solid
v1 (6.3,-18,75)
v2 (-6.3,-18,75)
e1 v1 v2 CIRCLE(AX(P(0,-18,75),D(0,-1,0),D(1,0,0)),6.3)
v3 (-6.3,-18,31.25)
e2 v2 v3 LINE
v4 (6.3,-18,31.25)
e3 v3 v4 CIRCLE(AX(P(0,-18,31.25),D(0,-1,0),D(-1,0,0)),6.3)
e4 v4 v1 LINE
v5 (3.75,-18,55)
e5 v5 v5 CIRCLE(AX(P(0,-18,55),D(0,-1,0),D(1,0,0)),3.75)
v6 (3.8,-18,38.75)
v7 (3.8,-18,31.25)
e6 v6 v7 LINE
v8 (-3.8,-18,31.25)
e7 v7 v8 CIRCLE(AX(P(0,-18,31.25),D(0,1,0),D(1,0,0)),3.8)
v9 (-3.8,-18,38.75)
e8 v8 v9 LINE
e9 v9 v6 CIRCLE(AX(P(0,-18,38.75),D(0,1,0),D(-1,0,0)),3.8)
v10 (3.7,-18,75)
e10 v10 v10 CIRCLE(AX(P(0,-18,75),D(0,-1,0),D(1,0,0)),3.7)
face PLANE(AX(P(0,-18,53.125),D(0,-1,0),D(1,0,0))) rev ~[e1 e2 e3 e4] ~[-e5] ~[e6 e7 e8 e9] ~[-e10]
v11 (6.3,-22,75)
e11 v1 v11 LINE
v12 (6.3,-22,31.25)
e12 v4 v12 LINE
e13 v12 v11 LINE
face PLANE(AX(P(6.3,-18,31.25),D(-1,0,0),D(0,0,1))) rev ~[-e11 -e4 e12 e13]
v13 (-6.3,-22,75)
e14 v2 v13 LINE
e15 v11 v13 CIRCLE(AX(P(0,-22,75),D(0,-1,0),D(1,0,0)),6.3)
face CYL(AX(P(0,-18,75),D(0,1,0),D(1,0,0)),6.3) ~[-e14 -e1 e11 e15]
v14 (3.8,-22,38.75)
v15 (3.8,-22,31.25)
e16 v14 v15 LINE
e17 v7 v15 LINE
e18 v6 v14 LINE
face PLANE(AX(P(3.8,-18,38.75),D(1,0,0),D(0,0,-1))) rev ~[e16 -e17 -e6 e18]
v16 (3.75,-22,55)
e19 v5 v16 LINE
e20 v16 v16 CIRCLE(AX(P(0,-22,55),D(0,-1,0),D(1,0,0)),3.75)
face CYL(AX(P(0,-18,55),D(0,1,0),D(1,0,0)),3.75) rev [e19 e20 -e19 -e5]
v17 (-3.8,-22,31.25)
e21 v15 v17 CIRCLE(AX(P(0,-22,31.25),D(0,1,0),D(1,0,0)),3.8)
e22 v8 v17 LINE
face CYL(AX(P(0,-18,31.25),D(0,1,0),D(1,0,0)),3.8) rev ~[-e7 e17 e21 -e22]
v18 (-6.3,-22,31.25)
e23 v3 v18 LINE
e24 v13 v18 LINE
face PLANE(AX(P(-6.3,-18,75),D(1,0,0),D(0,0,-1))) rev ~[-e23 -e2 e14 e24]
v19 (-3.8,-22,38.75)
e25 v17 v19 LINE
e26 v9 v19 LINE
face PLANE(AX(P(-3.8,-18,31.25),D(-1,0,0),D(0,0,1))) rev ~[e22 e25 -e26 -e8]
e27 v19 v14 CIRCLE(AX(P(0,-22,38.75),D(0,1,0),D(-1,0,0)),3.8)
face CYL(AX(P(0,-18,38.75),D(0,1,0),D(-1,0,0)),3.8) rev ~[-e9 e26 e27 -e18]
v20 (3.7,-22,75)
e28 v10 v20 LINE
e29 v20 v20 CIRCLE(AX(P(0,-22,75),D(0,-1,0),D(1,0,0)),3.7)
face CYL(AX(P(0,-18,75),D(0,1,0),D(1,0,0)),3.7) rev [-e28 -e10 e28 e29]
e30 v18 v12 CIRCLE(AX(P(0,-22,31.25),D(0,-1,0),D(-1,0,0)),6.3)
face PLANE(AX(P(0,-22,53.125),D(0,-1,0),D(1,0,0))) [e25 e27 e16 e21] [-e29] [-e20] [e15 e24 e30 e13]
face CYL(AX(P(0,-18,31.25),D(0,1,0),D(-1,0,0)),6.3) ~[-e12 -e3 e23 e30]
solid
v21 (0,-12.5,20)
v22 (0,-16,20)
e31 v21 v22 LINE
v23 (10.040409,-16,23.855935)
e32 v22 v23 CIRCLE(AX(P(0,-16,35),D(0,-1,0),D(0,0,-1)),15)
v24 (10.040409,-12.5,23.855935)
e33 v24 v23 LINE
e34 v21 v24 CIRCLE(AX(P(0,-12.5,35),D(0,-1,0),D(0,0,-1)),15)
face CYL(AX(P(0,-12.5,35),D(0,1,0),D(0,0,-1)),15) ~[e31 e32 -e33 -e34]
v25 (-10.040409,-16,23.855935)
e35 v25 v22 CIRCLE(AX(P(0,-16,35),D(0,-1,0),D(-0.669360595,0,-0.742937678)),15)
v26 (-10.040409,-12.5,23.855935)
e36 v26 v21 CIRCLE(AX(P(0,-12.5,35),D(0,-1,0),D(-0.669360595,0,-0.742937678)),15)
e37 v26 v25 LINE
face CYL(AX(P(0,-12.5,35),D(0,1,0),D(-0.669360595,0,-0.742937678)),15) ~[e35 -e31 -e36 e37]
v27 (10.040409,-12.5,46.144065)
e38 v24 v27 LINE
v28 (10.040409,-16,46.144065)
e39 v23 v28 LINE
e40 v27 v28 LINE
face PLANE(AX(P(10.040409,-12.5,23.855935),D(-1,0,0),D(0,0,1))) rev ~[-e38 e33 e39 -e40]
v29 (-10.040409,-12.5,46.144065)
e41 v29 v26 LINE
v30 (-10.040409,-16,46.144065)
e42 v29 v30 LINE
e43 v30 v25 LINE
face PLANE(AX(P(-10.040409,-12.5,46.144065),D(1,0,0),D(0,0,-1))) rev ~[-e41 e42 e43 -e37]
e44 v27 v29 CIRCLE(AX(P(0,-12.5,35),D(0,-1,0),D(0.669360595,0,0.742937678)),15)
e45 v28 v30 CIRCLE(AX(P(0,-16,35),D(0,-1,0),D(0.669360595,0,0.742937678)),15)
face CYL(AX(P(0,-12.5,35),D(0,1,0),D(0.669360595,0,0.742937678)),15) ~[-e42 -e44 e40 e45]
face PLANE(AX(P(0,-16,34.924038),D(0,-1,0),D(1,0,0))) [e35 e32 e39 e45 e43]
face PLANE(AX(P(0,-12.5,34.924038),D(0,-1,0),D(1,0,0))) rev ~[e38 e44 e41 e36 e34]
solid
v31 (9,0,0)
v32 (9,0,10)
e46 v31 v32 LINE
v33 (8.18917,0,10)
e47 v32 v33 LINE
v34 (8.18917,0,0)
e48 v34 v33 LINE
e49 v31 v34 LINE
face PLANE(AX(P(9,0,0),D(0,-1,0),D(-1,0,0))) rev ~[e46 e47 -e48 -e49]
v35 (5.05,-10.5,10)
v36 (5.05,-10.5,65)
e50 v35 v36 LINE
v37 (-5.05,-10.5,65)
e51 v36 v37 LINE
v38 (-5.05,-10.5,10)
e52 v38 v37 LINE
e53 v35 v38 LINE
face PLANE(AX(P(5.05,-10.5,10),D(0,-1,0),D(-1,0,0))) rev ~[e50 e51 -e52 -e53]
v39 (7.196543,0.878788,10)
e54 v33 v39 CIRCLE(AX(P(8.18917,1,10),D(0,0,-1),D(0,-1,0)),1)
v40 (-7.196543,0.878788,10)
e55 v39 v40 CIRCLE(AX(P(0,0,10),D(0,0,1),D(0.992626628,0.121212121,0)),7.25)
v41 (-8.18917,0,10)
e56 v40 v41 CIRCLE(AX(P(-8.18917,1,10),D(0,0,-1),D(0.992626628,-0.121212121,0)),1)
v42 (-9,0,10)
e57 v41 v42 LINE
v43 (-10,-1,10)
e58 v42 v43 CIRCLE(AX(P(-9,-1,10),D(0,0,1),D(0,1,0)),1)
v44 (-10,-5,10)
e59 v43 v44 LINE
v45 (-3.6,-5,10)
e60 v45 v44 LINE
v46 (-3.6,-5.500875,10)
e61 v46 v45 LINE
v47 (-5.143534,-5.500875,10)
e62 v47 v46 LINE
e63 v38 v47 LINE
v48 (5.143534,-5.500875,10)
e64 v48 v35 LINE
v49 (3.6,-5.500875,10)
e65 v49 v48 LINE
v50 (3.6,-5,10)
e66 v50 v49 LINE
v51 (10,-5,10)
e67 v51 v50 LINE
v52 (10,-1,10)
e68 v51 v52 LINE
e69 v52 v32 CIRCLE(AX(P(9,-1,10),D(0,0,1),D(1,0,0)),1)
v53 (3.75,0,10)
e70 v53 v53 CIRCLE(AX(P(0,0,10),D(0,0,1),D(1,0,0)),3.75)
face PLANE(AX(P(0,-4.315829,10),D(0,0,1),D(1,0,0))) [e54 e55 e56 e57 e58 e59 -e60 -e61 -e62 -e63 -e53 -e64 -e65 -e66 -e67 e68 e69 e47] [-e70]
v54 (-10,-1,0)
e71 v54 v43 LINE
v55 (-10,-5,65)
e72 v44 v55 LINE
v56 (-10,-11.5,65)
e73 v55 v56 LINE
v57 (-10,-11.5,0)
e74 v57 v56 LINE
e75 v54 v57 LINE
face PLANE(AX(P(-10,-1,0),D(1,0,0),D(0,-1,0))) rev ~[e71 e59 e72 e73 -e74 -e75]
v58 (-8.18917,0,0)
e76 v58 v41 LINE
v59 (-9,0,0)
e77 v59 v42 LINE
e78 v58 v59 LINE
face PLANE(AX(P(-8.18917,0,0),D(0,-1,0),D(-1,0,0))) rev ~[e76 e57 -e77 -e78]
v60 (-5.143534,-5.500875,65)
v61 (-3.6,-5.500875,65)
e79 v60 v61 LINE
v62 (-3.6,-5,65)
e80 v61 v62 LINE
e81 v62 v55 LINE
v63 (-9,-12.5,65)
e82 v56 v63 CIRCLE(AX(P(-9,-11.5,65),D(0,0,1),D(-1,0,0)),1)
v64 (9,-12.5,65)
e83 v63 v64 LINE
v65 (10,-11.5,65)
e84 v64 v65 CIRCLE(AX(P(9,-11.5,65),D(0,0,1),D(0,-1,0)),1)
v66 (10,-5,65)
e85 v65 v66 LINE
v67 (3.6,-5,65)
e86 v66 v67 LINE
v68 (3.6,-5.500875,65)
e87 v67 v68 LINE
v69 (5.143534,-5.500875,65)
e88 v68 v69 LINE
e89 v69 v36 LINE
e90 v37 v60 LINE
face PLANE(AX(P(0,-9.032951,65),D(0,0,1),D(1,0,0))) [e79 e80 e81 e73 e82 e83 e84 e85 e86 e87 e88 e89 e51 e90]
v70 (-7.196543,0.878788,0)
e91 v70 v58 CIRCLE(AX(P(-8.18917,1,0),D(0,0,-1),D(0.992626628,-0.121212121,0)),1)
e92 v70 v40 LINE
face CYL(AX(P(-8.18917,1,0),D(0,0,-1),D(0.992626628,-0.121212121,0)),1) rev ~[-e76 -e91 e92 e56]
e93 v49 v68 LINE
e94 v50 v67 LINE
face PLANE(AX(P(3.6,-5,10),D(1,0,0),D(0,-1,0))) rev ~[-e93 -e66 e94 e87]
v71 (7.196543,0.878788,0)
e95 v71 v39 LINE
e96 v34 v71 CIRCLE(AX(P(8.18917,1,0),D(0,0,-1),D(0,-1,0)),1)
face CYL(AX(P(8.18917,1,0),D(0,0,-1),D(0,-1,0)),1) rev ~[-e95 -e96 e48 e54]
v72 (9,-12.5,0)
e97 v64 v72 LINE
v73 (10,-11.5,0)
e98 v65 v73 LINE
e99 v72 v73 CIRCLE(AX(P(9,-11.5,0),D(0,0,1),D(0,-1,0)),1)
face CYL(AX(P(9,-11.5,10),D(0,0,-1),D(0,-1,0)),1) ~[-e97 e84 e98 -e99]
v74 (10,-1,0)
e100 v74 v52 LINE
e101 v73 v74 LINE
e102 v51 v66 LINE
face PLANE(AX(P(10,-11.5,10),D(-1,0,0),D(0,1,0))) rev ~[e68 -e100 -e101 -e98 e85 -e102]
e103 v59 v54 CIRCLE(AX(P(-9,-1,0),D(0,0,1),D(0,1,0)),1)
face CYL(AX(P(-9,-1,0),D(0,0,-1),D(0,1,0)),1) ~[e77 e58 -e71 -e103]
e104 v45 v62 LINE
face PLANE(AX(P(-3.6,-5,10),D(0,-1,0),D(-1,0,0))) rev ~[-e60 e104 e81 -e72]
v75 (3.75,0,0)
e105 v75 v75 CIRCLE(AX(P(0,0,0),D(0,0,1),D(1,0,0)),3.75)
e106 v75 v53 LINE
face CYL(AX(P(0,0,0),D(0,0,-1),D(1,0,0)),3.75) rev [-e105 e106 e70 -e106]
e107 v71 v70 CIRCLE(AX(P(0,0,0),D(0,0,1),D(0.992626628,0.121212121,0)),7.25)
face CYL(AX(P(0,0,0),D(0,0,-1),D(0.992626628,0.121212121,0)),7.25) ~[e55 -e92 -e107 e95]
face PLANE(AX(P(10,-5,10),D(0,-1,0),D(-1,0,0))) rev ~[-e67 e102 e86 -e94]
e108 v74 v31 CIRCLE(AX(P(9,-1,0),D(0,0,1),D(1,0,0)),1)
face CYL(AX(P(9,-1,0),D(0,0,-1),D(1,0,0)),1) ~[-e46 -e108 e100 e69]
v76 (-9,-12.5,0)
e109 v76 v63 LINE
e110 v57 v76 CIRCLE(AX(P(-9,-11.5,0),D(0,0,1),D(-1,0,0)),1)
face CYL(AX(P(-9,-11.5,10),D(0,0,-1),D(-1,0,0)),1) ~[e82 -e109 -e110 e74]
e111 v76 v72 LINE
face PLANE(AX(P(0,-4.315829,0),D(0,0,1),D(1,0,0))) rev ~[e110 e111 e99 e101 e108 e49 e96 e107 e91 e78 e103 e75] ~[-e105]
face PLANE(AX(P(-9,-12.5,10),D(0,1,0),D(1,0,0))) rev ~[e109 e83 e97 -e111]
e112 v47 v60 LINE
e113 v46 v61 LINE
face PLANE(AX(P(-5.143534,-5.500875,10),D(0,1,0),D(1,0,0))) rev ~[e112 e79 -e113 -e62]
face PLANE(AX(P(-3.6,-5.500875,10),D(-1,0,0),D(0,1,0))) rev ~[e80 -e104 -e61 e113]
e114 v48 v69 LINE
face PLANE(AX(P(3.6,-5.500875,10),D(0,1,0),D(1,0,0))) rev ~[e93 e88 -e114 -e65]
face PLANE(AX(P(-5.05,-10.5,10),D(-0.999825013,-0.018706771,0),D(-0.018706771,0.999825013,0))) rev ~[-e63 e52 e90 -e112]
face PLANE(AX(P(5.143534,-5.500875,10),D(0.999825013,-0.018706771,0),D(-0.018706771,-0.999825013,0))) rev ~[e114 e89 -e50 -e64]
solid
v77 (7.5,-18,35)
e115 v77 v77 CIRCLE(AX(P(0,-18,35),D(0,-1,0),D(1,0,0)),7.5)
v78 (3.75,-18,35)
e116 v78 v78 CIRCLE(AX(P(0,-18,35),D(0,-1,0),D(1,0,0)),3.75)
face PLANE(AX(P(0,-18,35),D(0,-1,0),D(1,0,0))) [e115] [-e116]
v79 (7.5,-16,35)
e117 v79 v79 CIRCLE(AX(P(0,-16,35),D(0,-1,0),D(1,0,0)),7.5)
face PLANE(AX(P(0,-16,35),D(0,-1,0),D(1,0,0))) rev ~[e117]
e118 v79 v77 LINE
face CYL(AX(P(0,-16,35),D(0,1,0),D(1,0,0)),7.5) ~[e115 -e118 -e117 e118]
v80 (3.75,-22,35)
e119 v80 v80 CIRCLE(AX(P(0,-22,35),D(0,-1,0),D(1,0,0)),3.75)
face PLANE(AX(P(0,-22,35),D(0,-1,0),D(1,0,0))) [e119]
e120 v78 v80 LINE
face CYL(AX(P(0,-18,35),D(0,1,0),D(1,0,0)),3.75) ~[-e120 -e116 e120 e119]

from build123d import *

# Parameters (mm, degrees)
F0_R      = 3.75
F1_DEPTH  = 10
F3_DEPTH  = 55
F5_DEPTH  = 3.5
F6_R      = 7.5
F7_DEPTH  = 2
F9_DEPTH  = 4
F8_R      = 3.75
F8_R_2    = 3.7
F10_DEPTH = 4


with BuildPart() as f1:
    # F0 (on Top) → F1 (new body)
    with BuildSketch(Plane.XY):
        with BuildLine():
            ThreePointArc((8.1891696771, 0), (7.5263017118, 0.2512636909), (7.1965430496, 0.8787878788))
            ThreePointArc((7.1965430496, 0.8787878788), (0, 7.25), (-7.1965430496, 0.8787878788))
            ThreePointArc((-7.1965430496, 0.8787878788), (-7.5263017118, 0.2512636909), (-8.1891696771, 0))
            Line((-8.1891696771, 0), (-9, 0))
            ThreePointArc((-9, 0), (-9.7071067812, -0.2928932188), (-10, -1))
            Line((-10, -1), (-10, -11.5))
            ThreePointArc((-10, -11.5), (-9.7071067812, -12.2071067812), (-9, -12.5))
            Line((-9, -12.5), (9, -12.5))
            ThreePointArc((9, -12.5), (9.7071067812, -12.2071067812), (10, -11.5))
            Line((10, -11.5), (10, -1))
            ThreePointArc((10, -1), (9.7071067812, -0.2928932188), (9, 0))
            Line((9, 0), (8.1891696771, 0))
        make_face()
        Circle(F0_R, mode=Mode.SUBTRACT)
    extrude(amount=F1_DEPTH)

    # F2 (on face) → F3 (join)
    with BuildSketch(Plane.XY.offset(10)):
        with BuildLine():
            Line((10, -5), (3.6, -5))
            Line((3.6, -5), (3.6, -5.5008749347))
            Line((3.6, -5.5008749347), (5.1435338545, -5.5008749347))
            Line((5.1435338545, -5.5008749347), (5.05, -10.5))
            Line((5.05, -10.5), (-5.05, -10.5))
            Line((-5.05, -10.5), (-5.1435338545, -5.5008749347))
            Line((-5.1435338545, -5.5008749347), (-3.6, -5.5008749347))
            Line((-3.6, -5.5008749347), (-3.6, -5))
            Line((-3.6, -5), (-10, -5))
            Line((-10, -5), (-10, -11.5))
            ThreePointArc((-10, -11.5), (-9.7071067812, -12.2071067812), (-9, -12.5))
            Line((-9, -12.5), (9, -12.5))
            ThreePointArc((9, -12.5), (9.7071067812, -12.2071067812), (10, -11.5))
            Line((10, -11.5), (10, -5))
        make_face()
    extrude(amount=F3_DEPTH)


with BuildPart() as f5:
    # F4 (on face) → F5 (new body)
    with BuildSketch(Plane.XZ.offset(12.5)):
        with BuildLine():
            Line((10.0404089317, 23.8559348313), (10.0404089317, 46.1440651687))
            ThreePointArc((10.0404089317, 46.1440651687), (0, 50), (-10.0404089317, 46.1440651687))
            Line((-10.0404089317, 46.1440651687), (-10.0404089317, 23.8559348313))
            ThreePointArc((-10.0404089317, 23.8559348313), (-5.3776864203, 20.9971256963), (0, 20))
            ThreePointArc((0, 20), (5.3776864203, 20.9971256963), (10.0404089317, 23.8559348313))
        make_face()
    extrude(amount=F5_DEPTH)


with BuildPart() as f7:
    # F6 (on face) → F7 (new body)
    with BuildSketch(Plane.XZ.offset(16)):
        with Locations((0, 35)):
            Circle(F6_R)
    extrude(amount=F7_DEPTH)

    # F8 (on face) → F9 (join)
    with BuildSketch(Plane.XZ.offset(18)):
        with BuildLine():
            ThreePointArc((-3.75, 35), (0, 31.25), (3.75, 35))
            ThreePointArc((3.75, 35), (0, 38.75), (-3.75, 35))
        make_face()
    extrude(amount=F9_DEPTH)


with BuildPart() as f10:
    # F8 (on face) → F10 (new body)
    with BuildSketch(Plane.XZ.offset(18)):
        with BuildLine():
            Line((-6.3, 55), (-6.3, 31.25))
            ThreePointArc((-6.3, 31.25), (0, 24.95), (6.3, 31.25))
            Line((6.3, 31.25), (6.3, 55))
            Line((6.3, 55), (6.3, 75))
            ThreePointArc((6.3, 75), (0, 81.3), (-6.3, 75))
            Line((-6.3, 75), (-6.3, 55))
        make_face()
        with BuildLine():
            Line((3.8, 38.75), (3.8, 35))
            Line((3.8, 35), (3.8, 31.25))
            ThreePointArc((3.8, 31.25), (0, 27.45), (-3.8, 31.25))
            Line((-3.8, 31.25), (-3.8, 35))
            Line((-3.8, 35), (-3.8, 38.75))
            ThreePointArc((-3.8, 38.75), (0, 42.55), (3.8, 38.75))
        make_face(mode=Mode.SUBTRACT)
        with Locations((0, 55)):
            Circle(F8_R, mode=Mode.SUBTRACT)
        with Locations((0, 75)):
            Circle(F8_R_2, mode=Mode.SUBTRACT)
    extrude(amount=F10_DEPTH)


solid = Compound([f1.part, f5.part, f7.part, f10.part])
